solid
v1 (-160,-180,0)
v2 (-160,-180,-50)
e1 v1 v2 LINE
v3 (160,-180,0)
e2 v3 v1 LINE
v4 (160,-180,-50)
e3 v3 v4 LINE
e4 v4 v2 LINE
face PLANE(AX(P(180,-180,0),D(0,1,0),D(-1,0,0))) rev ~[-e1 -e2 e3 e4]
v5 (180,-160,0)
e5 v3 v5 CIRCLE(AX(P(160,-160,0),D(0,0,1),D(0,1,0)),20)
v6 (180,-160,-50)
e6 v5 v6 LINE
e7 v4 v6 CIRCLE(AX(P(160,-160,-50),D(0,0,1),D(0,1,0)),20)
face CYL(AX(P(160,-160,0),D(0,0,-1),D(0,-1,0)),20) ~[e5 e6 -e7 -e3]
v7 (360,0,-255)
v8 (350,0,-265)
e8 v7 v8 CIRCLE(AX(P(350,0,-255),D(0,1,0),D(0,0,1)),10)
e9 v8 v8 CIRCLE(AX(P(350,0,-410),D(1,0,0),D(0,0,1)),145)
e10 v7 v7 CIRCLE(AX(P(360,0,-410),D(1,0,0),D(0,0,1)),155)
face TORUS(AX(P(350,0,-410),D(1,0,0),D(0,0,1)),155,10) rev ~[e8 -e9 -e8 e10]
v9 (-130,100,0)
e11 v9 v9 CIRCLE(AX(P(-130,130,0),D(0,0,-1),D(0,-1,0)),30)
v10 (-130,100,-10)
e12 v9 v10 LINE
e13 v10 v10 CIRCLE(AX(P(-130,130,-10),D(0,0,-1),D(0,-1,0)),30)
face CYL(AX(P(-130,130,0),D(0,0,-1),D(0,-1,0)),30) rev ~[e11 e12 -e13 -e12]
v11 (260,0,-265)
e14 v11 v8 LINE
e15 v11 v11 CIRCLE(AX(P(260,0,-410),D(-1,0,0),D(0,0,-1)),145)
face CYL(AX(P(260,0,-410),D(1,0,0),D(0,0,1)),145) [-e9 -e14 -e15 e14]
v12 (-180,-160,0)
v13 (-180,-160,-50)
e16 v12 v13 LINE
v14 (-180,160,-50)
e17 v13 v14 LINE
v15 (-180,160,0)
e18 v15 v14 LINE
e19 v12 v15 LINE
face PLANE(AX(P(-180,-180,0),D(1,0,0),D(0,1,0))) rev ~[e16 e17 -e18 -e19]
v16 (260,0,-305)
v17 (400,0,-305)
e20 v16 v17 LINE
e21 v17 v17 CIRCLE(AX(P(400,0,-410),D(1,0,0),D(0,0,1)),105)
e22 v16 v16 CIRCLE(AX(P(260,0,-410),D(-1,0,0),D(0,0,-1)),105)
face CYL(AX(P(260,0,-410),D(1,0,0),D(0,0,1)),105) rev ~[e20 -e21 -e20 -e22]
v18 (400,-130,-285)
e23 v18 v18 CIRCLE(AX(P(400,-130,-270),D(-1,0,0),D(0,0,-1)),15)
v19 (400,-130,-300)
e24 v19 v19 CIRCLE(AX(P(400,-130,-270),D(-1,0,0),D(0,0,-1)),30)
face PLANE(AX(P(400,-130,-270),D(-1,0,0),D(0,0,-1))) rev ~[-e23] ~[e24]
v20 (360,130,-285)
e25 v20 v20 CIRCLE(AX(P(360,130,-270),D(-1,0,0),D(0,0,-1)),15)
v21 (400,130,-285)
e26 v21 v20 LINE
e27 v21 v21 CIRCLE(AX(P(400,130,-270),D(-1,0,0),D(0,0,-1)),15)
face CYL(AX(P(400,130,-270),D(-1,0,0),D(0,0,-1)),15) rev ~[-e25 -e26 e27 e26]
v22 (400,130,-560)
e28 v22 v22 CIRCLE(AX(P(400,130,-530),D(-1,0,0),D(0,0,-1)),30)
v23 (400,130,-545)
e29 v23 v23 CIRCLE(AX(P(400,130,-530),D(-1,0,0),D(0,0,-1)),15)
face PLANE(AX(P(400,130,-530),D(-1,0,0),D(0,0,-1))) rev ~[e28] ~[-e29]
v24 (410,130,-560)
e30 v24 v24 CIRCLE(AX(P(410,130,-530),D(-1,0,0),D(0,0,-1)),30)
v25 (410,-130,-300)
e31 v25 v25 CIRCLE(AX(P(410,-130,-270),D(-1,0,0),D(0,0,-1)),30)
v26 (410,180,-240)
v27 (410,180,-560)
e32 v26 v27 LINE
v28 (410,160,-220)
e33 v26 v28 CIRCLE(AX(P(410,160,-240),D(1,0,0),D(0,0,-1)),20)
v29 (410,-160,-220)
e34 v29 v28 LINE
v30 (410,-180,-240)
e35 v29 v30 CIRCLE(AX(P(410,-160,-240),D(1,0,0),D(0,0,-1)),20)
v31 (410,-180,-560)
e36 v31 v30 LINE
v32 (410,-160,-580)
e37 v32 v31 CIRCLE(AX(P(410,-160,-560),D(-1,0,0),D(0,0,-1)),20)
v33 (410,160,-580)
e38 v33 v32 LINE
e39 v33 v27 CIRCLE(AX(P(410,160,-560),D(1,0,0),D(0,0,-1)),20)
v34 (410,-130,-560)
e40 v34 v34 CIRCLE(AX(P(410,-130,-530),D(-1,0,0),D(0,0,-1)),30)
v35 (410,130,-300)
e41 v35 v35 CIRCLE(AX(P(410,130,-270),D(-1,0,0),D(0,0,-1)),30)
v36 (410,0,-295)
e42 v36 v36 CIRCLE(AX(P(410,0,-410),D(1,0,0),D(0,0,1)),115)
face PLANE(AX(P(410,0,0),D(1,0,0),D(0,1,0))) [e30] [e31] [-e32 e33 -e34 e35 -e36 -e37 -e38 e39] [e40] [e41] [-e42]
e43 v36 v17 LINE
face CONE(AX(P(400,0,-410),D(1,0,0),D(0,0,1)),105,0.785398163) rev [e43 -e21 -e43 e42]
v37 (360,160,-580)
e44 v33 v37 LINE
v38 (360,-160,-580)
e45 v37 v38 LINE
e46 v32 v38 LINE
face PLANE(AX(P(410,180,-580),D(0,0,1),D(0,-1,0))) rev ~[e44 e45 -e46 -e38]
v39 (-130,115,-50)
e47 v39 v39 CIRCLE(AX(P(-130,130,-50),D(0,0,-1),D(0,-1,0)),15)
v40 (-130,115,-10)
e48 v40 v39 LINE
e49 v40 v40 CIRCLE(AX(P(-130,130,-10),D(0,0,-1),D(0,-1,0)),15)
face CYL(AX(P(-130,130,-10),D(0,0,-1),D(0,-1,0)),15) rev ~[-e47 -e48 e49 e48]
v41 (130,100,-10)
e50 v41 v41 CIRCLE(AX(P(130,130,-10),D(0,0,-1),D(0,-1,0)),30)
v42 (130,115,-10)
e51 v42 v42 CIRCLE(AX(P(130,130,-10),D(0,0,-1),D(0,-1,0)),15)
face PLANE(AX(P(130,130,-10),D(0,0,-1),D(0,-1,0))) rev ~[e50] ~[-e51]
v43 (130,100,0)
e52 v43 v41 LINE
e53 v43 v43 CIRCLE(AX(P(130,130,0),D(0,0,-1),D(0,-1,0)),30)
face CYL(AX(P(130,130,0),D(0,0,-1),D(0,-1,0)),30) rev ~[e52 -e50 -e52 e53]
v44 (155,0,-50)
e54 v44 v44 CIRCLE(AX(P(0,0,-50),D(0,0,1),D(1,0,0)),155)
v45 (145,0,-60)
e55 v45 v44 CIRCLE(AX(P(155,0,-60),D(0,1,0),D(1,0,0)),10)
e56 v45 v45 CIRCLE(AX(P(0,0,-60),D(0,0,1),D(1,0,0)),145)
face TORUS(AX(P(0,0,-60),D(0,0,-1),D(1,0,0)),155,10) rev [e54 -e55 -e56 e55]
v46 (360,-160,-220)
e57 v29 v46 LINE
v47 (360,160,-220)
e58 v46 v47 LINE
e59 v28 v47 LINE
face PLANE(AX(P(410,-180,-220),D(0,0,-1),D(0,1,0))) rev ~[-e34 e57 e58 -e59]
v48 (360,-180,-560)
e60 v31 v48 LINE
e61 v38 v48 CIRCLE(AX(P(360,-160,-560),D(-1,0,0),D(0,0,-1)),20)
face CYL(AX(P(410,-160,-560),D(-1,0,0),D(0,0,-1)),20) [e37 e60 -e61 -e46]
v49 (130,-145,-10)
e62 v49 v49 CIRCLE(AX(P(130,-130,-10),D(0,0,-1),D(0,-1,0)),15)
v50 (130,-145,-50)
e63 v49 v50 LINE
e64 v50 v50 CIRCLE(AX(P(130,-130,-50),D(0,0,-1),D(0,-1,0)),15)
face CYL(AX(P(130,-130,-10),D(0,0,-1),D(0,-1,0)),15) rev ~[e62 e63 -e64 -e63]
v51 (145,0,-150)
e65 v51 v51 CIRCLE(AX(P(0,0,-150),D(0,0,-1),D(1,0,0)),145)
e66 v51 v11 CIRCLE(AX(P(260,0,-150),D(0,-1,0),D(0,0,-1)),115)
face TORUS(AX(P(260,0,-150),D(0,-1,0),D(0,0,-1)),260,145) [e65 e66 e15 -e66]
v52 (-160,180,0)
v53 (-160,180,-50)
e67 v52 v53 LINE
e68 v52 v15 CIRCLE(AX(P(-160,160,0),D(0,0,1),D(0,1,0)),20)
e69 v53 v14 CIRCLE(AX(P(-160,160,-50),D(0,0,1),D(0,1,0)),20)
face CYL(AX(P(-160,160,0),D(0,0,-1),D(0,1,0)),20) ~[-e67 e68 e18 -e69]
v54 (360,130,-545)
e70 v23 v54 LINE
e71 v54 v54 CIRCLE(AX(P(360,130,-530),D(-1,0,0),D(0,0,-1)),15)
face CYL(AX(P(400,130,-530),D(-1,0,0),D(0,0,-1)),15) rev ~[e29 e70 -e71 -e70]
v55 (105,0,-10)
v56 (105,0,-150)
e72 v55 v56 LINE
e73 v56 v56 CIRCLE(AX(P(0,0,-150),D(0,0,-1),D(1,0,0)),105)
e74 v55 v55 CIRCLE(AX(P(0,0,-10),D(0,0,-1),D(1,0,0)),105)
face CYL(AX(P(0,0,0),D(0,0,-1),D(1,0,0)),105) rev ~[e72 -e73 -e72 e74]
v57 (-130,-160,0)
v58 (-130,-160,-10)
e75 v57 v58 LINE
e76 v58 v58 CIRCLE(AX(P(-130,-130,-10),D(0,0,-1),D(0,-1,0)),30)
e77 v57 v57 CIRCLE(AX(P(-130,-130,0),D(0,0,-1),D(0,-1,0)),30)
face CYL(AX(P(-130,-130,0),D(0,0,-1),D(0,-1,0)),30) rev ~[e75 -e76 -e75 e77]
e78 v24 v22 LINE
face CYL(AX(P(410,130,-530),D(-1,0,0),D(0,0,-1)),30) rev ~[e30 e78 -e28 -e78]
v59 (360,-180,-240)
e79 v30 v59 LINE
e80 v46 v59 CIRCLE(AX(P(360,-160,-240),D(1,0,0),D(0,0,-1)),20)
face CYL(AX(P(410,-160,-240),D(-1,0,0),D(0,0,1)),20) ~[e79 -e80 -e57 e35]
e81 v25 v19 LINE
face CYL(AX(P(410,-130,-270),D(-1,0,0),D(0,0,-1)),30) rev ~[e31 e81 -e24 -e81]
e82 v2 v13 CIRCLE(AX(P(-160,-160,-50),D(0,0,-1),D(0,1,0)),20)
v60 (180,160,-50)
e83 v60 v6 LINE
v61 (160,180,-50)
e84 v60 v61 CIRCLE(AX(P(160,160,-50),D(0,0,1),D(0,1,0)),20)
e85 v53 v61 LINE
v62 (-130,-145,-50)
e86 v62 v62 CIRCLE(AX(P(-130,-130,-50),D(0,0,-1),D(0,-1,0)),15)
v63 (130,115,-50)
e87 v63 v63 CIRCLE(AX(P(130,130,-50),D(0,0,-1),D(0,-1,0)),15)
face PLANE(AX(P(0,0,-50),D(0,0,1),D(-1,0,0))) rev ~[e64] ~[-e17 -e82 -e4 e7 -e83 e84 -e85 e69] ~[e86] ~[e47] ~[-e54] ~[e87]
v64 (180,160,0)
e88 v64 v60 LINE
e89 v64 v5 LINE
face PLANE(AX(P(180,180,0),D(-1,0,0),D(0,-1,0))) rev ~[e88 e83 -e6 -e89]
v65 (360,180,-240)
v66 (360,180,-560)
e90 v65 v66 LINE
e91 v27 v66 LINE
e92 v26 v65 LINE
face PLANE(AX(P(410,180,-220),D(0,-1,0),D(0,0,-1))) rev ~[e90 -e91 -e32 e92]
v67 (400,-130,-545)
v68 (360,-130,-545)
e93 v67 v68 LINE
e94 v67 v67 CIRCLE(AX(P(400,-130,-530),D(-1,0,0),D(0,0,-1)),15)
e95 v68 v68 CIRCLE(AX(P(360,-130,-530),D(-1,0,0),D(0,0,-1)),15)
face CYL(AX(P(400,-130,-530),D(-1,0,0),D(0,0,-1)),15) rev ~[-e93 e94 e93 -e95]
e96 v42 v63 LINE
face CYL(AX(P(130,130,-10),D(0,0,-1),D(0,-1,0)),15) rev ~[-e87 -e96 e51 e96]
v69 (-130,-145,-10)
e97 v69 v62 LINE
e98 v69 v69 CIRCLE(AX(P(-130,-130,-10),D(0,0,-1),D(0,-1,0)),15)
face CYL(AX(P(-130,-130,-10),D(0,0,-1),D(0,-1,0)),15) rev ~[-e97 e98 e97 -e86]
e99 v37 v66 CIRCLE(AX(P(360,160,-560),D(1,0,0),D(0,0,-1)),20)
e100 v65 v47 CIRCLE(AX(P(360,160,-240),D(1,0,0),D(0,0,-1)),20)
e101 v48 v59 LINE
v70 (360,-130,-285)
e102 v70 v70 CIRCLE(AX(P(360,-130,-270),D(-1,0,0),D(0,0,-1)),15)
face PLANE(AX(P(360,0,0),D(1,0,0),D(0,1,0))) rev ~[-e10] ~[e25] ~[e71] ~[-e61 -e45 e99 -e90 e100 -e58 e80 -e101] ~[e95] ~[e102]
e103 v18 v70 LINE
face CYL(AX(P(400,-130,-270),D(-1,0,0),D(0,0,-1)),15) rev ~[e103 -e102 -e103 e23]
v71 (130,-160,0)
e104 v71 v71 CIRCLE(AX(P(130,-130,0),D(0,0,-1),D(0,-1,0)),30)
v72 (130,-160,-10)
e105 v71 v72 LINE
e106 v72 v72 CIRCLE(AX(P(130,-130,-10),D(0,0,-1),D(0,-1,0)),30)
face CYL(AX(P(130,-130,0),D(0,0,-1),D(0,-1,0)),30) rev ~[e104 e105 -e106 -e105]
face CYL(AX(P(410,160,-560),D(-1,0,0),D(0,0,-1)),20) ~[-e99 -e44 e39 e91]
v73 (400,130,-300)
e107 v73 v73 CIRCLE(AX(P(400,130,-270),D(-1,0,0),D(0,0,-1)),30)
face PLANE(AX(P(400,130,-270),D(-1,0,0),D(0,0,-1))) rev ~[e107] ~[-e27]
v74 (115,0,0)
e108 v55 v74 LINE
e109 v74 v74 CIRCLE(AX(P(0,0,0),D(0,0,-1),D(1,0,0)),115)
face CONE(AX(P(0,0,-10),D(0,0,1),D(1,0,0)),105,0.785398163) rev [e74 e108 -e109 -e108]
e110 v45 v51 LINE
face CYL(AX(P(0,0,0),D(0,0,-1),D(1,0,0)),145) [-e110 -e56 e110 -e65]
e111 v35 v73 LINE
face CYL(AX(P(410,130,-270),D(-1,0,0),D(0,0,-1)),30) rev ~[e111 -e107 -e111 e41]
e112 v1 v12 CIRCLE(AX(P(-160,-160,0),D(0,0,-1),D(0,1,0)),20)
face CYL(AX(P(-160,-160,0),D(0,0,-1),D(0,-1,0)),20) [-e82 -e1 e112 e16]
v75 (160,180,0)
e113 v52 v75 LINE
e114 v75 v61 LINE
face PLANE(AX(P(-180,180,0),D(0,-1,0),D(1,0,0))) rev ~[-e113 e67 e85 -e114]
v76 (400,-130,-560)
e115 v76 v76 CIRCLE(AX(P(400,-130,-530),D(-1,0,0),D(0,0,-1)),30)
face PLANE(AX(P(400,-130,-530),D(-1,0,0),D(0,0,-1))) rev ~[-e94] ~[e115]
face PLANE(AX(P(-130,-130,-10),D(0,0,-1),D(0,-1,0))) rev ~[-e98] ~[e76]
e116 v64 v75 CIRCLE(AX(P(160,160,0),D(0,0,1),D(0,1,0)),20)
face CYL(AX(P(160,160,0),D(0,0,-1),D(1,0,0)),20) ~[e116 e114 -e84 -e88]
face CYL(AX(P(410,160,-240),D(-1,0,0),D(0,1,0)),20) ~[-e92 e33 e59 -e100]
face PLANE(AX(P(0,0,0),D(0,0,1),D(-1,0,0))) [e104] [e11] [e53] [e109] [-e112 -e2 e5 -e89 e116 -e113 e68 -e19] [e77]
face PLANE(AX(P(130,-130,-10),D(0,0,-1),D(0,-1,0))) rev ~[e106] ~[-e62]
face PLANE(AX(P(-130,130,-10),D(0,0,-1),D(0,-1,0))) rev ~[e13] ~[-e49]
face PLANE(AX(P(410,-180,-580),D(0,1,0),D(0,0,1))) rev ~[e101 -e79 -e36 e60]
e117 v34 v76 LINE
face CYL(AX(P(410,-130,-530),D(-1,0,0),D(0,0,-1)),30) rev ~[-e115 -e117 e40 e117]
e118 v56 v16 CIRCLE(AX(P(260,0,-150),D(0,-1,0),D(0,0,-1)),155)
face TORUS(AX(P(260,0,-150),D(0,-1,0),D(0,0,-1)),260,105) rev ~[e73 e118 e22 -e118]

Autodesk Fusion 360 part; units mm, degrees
sketch "Sketch1" plane through (0, 0, 0) normal (0, 1, 0) x (1, 0, 0)
  line L0 (0, 0) -> (0, 150)
  line L1 (260, 410) -> (410, 410)
  arc A0 (260, 410) -> (0, 150) centre (260, 150) ccw
  point P0 (0, 410)
  dimension "d1" = 410
  dimension "d2" = 410
  dimension "d3" = 260
sketch "Sketch2" plane through (0, 0, 0) normal (0, 0, 1) x (1, 0, 0)
  circle A0 centre (0, 0) radius 145
  circle A1 centre (0, 0) radius 105
  dimension "d4" = 290
  dimension "d5" = 210
sweep "Sweep1" add profiles "Sketch2" path "Sketch1" along L1 A0 L0 section 1
sketch "Sketch3" plane through (0, 0, 0) normal (0, 0, 1) x (-1, 0, 0)
  circle A0 centre (0, 0) radius 105
  circle A1 centre (0, 0) radius 145
  line L0 (-180, 180) -> (180, 180)
  line L1 (180, 180) -> (180, -180)
  line L2 (180, -180) -> (-180, -180)
  line L3 (-180, -180) -> (-180, 180)
  line L4 (-180, 180) -> (180, -180) construction
  line L5 (180, 180) -> (-180, -180) construction
  dimension "d12" = 360
  dimension "d13" = 360
extrude "Extrude1" add sketch "Sketch3" against normal blind 50 contours L0 L1 L2 L3
sketch "Sketch4" plane through (410, 0, 0) normal (1, 0, 0) x (0, 1, 0)
  circle A0 centre (0, -410) radius 105
  circle A1 centre (0, -410) radius 145
  line L0 (180, -580) -> (-180, -580)
  line L1 (-180, -580) -> (-180, -220)
  line L2 (-180, -220) -> (180, -220)
  line L3 (180, -220) -> (180, -580)
  line L4 (180, -580) -> (-180, -220) construction
  line L5 (-180, -580) -> (180, -220) construction
  point P0 (0, -400)
  dimension "d16" = 360
  dimension "d17" = 360
extrude "Extrude2" add sketch "Sketch4" against normal blind 50 contours L0 L1 L2 L3
fillet "Fillet1" radius 20 4 edges at (180, -180, -25) (180, 180, -25) (-180, -180, -25) (-180, 180, -25)
fillet "Fillet2" radius 20 4 edges at (385, -180, -220) (385, 180, -220) (385, 180, -580) (385, -180, -580)
fillet "Fillet3" radius 10 2 edges at (-135.1875, 52.4342, -50) (360, -52.4342, -545.1875)
sketch "Sketch5" plane through (0, 0, 0) normal (0, 0, 1) x (-1, 0, 0)
  arc A0 (160, -180) -> (180, -160) centre (160, -160) ccw
  line L0 (180, -160) -> (180, 160)
  arc A1 (180, 160) -> (160, 180) centre (160, 160) ccw
  line L1 (160, 180) -> (-160, 180)
  arc A2 (-160, 180) -> (-180, 160) centre (-160, 160) ccw
  line L2 (-180, 160) -> (-180, -160)
  arc A3 (-180, -160) -> (-160, -180) centre (-160, -160) ccw
  line L3 (-160, -180) -> (160, -180)
  circle A4 centre (0, 0) radius 105
  line L4 (130, 130) -> (-130, 130) construction
  line L5 (-130, 130) -> (-130, -130) construction
  line L6 (-130, -130) -> (130, -130) construction
  line L7 (130, -130) -> (130, 130) construction
  line L8 (130, 130) -> (-130, -130) construction
  line L9 (-130, 130) -> (130, -130) construction
  dimension "d26" = 260
  dimension "d27" = 260
hole "Hole1" at (130, 130, 0) at (-130, 130, 0) at (-130, -130, 0) at (130, -130, 0) direction (0, 0, -1) diameter 30 depth 50 tip angle 180 counterbore diameter 60 counterbore depth 10
sketch "Sketch6" plane through (410, 0, 0) normal (1, 0, 0) x (0, 1, 0)
  arc A0 (-180, -560) -> (-160, -580) centre (-160, -560) ccw
  line L0 (-160, -580) -> (160, -580)
  arc A1 (160, -580) -> (180, -560) centre (160, -560) ccw
  line L1 (180, -560) -> (180, -240)
  arc A2 (180, -240) -> (160, -220) centre (160, -240) ccw
  line L2 (160, -220) -> (-160, -220)
  arc A3 (-160, -220) -> (-180, -240) centre (-160, -240) ccw
  line L3 (-180, -240) -> (-180, -560)
  circle A4 centre (0, -410) radius 105
sketch "Sketch7" plane through (410, 0, 0) normal (1, 0, 0) x (0, 1, 0)
  line L0 (130, -270) -> (-130, -270) construction
  line L1 (-130, -270) -> (-130, -530) construction
  line L2 (-130, -530) -> (130, -530) construction
  line L3 (130, -530) -> (130, -270) construction
  line L4 (130, -270) -> (-130, -530) construction
  line L5 (-130, -270) -> (130, -530) construction
  point P0 (0, -400)
  dimension "d33" = 260
  dimension "d34" = 260
hole "Hole2" at (410, 130, -270) at (410, -130, -270) at (410, -130, -530) at (410, 130, -530) direction (-1, 0, 0) diameter 30 depth 50 tip angle 180 counterbore diameter 60 counterbore depth 10
chamfer "Chamfer1" distance 10 angle 45 2 edges at (410, -37.9696, -507.8944) (-97.8944, 37.9696, 0)
sketch "Sketch8" plane through (0, 0, 0) normal (0, 0, 1) x (-1, 0, 0)
  circle A0 centre (130, 130) radius 30
  circle A1 centre (-130, -130) radius 30
  circle A2 centre (130, -130) radius 30
  circle A3 centre (-130, 130) radius 30
  arc A4 (160, -180) -> (180, -160) centre (160, -160) ccw
  line L0 (180, -160) -> (180, 160)
  arc A5 (180, 160) -> (160, 180) centre (160, 160) ccw
  line L1 (160, 180) -> (-160, 180)
  arc A6 (-160, 180) -> (-180, 160) centre (-160, 160) ccw
  line L2 (-180, 160) -> (-180, -160)
  arc A7 (-180, -160) -> (-160, -180) centre (-160, -160) ccw
  line L3 (-160, -180) -> (160, -180)
  circle A8 centre (0, 0) radius 115
sketch "Sketch9" plane through (410, 0, 0) normal (1, 0, 0) x (0, 1, 0)
sketch "Sketch10" plane through (0, 0, 0) normal (0, 0, 1) x (-1, 0, 0)
